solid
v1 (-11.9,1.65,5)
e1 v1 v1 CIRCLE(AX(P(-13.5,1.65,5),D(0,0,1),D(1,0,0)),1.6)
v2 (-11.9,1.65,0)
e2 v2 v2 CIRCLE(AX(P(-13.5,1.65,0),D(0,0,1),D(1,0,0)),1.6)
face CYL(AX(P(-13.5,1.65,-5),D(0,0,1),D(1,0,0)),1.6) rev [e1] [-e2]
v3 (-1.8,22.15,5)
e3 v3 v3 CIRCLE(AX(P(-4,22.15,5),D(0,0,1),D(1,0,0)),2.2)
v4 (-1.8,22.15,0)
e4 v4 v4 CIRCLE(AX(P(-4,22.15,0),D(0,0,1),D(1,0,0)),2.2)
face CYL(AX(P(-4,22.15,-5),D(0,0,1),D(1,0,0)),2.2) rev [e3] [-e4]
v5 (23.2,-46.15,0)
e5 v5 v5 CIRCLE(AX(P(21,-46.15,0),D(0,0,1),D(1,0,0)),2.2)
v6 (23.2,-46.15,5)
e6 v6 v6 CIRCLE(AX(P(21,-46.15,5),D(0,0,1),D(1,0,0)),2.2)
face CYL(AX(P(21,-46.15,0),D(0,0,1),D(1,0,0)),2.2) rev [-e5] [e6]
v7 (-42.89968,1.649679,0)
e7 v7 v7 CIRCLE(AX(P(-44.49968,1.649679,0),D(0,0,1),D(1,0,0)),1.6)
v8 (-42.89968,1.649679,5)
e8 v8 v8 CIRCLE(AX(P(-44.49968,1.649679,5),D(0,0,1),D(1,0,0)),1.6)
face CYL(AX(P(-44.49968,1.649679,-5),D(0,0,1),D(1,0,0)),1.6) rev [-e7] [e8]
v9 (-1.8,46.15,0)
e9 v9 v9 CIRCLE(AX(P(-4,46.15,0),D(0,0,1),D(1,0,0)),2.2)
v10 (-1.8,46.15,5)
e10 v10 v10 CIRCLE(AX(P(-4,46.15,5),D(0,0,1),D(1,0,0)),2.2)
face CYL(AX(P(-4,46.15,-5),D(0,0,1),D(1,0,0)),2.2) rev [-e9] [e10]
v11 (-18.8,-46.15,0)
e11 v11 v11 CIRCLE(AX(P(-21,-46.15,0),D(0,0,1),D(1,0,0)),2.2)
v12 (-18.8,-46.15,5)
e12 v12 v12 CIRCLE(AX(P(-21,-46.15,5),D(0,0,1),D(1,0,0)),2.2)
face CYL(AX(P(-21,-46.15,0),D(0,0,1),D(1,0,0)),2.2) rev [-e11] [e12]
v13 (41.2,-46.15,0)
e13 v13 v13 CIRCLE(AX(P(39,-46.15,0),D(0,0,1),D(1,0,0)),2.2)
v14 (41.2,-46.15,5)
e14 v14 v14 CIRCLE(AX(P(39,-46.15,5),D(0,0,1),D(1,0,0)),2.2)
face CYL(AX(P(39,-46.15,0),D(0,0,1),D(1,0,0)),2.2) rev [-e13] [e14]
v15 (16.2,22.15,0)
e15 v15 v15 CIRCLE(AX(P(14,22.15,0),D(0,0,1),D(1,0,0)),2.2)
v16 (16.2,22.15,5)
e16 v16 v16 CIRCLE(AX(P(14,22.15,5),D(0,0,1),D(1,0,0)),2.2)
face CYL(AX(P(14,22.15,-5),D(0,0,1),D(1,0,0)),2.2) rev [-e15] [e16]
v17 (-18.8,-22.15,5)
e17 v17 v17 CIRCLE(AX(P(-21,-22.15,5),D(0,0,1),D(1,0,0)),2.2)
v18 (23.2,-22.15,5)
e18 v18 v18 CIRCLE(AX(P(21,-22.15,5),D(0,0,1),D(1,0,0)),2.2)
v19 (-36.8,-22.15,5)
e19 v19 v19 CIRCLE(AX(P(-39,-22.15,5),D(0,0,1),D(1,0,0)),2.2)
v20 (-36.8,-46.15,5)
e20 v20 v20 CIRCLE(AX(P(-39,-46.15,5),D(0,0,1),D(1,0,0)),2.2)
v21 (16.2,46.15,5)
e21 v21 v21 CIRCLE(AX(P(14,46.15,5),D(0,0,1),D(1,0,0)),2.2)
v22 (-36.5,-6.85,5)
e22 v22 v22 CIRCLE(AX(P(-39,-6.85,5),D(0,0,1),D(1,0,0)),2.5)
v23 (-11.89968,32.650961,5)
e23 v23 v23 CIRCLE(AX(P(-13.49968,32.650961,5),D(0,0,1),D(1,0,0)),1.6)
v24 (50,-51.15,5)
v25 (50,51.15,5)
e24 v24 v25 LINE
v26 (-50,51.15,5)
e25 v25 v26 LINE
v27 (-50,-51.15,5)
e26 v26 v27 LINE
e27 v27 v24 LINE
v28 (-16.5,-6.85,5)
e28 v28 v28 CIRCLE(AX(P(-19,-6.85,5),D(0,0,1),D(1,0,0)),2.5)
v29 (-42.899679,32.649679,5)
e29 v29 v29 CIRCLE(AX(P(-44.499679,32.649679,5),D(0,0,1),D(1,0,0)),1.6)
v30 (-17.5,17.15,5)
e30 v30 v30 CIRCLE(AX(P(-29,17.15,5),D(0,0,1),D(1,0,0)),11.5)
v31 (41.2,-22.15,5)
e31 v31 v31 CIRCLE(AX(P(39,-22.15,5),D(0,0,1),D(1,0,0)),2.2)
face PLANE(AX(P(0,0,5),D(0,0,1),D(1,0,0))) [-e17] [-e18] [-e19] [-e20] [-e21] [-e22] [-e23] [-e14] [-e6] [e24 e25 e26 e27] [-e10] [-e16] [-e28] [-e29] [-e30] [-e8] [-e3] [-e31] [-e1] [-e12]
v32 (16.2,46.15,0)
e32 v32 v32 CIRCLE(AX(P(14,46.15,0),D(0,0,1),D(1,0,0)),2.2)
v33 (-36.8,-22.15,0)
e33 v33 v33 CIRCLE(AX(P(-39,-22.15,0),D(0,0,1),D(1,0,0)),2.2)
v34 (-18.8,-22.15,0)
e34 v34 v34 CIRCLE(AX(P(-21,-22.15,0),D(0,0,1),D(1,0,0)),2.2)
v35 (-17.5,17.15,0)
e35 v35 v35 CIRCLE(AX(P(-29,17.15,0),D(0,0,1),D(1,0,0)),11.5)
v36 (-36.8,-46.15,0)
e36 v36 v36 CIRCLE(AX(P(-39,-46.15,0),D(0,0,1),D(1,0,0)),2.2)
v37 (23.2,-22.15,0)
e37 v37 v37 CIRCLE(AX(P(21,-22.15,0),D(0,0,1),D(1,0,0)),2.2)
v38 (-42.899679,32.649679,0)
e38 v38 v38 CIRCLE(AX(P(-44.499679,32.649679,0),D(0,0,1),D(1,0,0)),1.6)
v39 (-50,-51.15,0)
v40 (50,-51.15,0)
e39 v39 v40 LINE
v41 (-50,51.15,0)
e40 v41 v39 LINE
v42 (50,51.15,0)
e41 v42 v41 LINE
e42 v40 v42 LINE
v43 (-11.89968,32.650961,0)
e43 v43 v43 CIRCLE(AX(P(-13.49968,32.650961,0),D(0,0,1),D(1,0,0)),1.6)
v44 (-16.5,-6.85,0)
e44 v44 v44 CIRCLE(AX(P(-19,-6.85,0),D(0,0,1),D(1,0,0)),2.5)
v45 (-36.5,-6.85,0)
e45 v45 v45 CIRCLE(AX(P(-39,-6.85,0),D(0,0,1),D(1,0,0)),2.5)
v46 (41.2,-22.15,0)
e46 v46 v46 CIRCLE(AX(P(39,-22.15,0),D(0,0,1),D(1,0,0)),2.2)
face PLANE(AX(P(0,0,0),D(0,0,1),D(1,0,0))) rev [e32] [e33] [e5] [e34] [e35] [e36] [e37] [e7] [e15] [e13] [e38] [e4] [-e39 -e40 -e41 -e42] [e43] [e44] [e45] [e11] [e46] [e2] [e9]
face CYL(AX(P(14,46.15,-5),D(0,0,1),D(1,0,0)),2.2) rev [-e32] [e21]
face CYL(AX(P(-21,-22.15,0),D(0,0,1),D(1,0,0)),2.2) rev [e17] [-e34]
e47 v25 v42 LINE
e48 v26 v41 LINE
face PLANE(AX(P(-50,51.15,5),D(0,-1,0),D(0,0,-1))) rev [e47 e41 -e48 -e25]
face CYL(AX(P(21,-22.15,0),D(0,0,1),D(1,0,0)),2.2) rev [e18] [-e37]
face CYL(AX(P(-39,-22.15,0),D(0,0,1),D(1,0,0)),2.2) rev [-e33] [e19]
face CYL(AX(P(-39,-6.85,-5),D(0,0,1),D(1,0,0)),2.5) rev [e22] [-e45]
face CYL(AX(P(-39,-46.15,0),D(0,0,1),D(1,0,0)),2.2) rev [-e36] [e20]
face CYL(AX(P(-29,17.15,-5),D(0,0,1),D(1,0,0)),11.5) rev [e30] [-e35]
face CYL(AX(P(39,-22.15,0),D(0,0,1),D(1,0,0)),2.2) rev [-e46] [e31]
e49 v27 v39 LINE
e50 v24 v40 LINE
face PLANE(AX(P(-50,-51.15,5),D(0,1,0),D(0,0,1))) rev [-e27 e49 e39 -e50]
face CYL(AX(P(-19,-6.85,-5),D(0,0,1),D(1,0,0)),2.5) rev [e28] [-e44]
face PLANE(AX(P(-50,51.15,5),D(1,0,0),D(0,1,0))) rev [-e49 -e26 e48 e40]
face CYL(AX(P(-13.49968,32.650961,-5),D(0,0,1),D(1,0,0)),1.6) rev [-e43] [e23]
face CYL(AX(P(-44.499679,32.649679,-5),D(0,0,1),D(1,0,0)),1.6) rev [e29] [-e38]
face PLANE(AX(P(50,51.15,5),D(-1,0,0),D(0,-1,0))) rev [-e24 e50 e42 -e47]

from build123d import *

# Parameters (mm, degrees)
SKETCH1_W           = 100
SKETCH1_H           = 102.3
BOSS_EXTRUDE1_DEPTH = 5
SKETCH4_R           = 2.2
CUT_EXTRUDE1_DEPTH  = 5
LPATTERN1_COUNT     = 2
LPATTERN1_PITCH     = 60
SKETCH6_R           = 1.6
SKETCH6_R_2         = 11.5
CUT_EXTRUDE4_DEPTH  = 10
SKETCH8_R           = 2.2
CUT_EXTRUDE5_DEPTH  = 10
SKETCH9_R           = 2.5
CUT_EXTRUDE6_DEPTH  = 10


with BuildPart() as part:
    # Sketch1 → Boss-Extrude1 (new body)
    with BuildSketch(Plane.XY):
        Rectangle(SKETCH1_W, SKETCH1_H)
    extrude(amount=BOSS_EXTRUDE1_DEPTH)

    # Sketch4 → Cut-Extrude1 (cut)
    with BuildSketch(Plane.XY.offset(5)):
        with Locations((39, -22.15)):
            Circle(SKETCH4_R)
        with Locations((39, -46.15)):
            Circle(SKETCH4_R)
        with Locations((21, -46.15)):
            Circle(SKETCH4_R)
        with Locations((21, -22.15)):
            Circle(SKETCH4_R)
    cut_extrude1 = extrude(amount=-CUT_EXTRUDE1_DEPTH, mode=Mode.SUBTRACT)

    # LPattern1: Cut-Extrude1 ×2
    with Locations(*[(-i * LPATTERN1_PITCH, 0, 0) for i in range(1, LPATTERN1_COUNT)]):
        add(cut_extrude1, mode=Mode.SUBTRACT)

    # Sketch6 → Cut-Extrude4 (cut)
    with BuildSketch(Plane.XY.offset(5)):
        with Locations((-44.499679494, 32.649679494)):
            Circle(SKETCH6_R)
        with Locations((-13.49967952, 32.650961002)):
            Circle(SKETCH6_R)
        with Locations((-44.499680011, 1.649679494)):
            Circle(SKETCH6_R)
        with Locations((-13.5, 1.65)):
            Circle(SKETCH6_R)
        with Locations((-29, 17.15)):
            Circle(SKETCH6_R_2)
    extrude(amount=-CUT_EXTRUDE4_DEPTH, mode=Mode.SUBTRACT)

    # Sketch8 → Cut-Extrude5 (cut)
    with BuildSketch(Plane.XY.offset(5)):
        with Locations((-4, 46.15)):
            Circle(SKETCH8_R)
        with Locations((14, 46.15)):
            Circle(SKETCH8_R)
        with Locations((-4, 22.15)):
            Circle(SKETCH8_R)
        with Locations((14, 22.15)):
            Circle(SKETCH8_R)
    extrude(amount=-CUT_EXTRUDE5_DEPTH, mode=Mode.SUBTRACT)

    # Sketch9 → Cut-Extrude6 (cut)
    with BuildSketch(Plane.XY.offset(5)):
        with Locations((-39, -6.85)):
            Circle(SKETCH9_R)
        with Locations((-19, -6.85)):
            Circle(SKETCH9_R)
    extrude(amount=-CUT_EXTRUDE6_DEPTH, mode=Mode.SUBTRACT)


solid = part.part
